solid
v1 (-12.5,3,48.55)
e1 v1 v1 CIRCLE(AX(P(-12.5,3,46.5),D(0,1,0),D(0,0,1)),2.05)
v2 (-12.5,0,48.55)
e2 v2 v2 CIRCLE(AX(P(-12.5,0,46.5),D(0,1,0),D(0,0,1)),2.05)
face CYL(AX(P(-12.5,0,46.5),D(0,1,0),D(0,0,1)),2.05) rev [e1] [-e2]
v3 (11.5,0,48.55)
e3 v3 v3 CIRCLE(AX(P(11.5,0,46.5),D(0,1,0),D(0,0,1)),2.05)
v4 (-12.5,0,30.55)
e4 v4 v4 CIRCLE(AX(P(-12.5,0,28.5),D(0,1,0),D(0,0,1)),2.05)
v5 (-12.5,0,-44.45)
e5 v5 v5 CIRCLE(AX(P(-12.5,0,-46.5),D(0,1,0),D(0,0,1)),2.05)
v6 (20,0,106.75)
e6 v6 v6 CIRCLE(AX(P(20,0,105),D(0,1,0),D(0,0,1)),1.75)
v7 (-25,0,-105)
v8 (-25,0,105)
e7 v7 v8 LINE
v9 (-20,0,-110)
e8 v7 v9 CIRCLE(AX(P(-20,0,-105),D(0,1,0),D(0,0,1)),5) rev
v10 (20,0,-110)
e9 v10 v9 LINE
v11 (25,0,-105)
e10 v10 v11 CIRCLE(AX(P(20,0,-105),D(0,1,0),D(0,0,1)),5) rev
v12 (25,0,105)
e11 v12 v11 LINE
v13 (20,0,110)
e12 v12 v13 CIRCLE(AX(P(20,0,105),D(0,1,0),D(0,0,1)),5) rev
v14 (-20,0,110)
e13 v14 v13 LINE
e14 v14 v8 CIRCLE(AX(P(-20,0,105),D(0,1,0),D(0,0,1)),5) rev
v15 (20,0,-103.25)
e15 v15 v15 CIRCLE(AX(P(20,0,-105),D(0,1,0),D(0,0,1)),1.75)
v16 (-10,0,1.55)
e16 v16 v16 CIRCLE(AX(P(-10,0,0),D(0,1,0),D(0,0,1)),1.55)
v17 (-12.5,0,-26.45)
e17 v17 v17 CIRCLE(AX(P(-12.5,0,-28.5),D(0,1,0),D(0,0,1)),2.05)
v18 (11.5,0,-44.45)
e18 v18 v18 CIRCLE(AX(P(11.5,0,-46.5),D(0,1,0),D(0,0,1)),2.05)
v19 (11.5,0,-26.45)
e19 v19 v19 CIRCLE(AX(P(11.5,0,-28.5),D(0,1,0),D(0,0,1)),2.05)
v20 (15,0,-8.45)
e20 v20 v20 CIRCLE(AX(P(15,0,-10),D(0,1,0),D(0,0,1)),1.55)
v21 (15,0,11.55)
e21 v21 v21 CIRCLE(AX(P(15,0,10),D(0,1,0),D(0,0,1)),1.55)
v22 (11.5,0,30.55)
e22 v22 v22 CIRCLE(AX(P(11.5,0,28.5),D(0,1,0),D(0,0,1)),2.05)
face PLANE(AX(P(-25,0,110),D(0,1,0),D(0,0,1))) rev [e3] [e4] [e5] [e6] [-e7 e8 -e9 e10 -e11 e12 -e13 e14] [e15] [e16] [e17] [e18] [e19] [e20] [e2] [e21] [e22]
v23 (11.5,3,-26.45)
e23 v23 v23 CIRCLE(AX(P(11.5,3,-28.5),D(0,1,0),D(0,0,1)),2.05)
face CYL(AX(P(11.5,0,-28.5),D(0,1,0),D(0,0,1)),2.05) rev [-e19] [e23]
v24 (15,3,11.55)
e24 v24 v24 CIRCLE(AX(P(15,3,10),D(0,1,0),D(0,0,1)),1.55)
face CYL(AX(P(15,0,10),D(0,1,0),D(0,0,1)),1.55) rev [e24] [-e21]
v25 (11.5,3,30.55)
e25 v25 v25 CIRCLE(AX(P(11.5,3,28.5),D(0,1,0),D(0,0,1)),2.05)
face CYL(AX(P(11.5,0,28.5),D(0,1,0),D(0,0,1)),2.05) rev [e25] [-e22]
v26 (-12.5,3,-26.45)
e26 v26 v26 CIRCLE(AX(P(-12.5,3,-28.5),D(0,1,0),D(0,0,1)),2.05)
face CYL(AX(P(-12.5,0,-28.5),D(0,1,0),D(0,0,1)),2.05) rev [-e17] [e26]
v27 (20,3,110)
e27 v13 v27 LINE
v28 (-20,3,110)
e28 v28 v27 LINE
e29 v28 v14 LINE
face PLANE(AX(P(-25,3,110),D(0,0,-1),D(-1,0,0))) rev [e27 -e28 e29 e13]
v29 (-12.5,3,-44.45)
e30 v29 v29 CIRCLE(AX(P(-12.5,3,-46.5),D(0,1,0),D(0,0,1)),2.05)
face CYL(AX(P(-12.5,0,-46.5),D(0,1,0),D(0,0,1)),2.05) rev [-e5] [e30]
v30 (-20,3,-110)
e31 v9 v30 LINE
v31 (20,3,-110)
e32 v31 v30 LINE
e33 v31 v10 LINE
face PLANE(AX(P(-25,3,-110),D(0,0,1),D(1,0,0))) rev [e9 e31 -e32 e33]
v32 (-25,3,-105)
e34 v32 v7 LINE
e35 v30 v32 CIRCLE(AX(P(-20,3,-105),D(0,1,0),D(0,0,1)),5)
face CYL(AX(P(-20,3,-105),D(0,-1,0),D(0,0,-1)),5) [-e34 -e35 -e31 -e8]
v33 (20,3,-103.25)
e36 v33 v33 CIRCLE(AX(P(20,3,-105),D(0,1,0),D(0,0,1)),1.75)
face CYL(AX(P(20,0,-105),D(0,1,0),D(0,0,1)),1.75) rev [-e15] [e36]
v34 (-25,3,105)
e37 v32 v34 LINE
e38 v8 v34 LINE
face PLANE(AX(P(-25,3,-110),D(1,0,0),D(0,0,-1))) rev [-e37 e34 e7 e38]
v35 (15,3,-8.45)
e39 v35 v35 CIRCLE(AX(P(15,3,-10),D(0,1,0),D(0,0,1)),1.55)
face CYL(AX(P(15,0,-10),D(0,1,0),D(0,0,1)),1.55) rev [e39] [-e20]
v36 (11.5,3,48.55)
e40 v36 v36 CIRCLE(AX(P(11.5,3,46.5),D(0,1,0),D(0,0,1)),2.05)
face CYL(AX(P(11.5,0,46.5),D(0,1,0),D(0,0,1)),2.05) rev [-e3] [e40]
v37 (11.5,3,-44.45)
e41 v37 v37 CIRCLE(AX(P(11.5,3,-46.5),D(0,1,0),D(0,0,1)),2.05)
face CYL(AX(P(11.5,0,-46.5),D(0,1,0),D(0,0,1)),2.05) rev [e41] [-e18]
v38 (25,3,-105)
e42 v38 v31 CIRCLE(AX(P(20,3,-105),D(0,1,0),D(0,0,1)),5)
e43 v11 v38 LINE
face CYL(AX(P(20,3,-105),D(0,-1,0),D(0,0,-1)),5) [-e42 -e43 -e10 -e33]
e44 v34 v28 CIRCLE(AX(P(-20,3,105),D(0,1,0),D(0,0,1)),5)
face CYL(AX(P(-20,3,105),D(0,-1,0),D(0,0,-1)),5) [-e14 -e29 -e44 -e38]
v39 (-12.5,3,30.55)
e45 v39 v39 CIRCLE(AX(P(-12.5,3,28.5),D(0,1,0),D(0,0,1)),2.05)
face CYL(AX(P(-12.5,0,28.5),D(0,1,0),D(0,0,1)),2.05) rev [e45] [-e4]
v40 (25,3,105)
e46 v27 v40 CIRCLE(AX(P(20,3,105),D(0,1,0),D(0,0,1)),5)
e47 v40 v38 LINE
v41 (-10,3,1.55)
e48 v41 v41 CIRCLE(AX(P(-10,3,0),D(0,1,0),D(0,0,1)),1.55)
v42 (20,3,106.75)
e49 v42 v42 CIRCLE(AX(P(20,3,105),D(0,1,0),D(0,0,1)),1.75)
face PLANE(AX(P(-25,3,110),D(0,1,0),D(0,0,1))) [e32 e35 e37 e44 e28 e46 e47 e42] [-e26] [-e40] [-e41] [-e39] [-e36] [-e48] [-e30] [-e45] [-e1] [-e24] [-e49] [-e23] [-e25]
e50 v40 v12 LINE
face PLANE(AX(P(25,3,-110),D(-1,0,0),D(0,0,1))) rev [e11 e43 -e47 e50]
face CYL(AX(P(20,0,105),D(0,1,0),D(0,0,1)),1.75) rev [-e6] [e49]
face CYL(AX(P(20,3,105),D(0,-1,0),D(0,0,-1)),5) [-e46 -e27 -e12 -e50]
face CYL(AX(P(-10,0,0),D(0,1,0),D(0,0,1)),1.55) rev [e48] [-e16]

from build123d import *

# Parameters (mm, degrees)
SKETCH1_W       = 50
SKETCH1_H       = 220
EXTRUDE1_DEPTH  = 3
SKETCH2_R       = 1.75
EXTRUDE2_DEPTH  = 3
SKETCH3_R       = 2.05
EXTRUDE3_DEPTH  = 3
SKETCH4_R       = 1.55
EXTRUDE4_DEPTH  = 3
LPATTERN1_COUNT = 2
LPATTERN1_PITCH = 210
LPATTERN2_COUNT = 2
LPATTERN2_PITCH = 75
FILLET1_R       = 5


with BuildPart() as part:
    # Sketch1 → Extrude1 (new body)
    with BuildSketch(Plane(origin=(0, 0, 0), x_dir=(1, 0, 0), z_dir=(0, 1, 0))):
        Rectangle(SKETCH1_W, SKETCH1_H)
    extrude(amount=EXTRUDE1_DEPTH)

    # Sketch2 → Extrude2 (cut)
    with BuildSketch(Plane(origin=(0, 3, 0), x_dir=(1, 0, 0), z_dir=(0, 1, 0))):
        with Locations(Location((20, 105, 0), (0, 0, 270))):
            Circle(SKETCH2_R)
    extrude2 = extrude(amount=-EXTRUDE2_DEPTH, mode=Mode.SUBTRACT)

    # Sketch3 → Extrude3 (cut)
    with BuildSketch(Plane(origin=(0, 3, 0), x_dir=(1, 0, 0), z_dir=(0, 1, 0))):
        with Locations(Location((-12.5, 46.5, 0), (0, 0, 270))):
            Circle(SKETCH3_R)
        with Locations(Location((11.5, 46.5, 0), (0, 0, 270))):
            Circle(SKETCH3_R)
        with Locations(Location((-12.5, 28.5, 0), (0, 0, 270))):
            Circle(SKETCH3_R)
        with Locations(Location((11.5, 28.5, 0), (0, 0, 270))):
            Circle(SKETCH3_R)
    extrude3 = extrude(amount=-EXTRUDE3_DEPTH, mode=Mode.SUBTRACT)

    # Sketch4 → Extrude4 (cut)
    with BuildSketch(Plane(origin=(0, 3, 0), x_dir=(1, 0, 0), z_dir=(0, 1, 0))):
        with Locations(Location((15, 10, 0), (0, 0, 270))):
            Circle(SKETCH4_R)
        with Locations(Location((15, -10, 0), (0, 0, 270))):
            Circle(SKETCH4_R)
        with Locations(Location((-10, 0, 0), (0, 0, 270))):
            Circle(SKETCH4_R)
    extrude(amount=-EXTRUDE4_DEPTH, mode=Mode.SUBTRACT)

    # LPattern1: Extrude2 ×2
    with Locations(*[(0, 0, i * LPATTERN1_PITCH) for i in range(1, LPATTERN1_COUNT)]):
        add(extrude2, mode=Mode.SUBTRACT)

    # LPattern2: Extrude3 ×2
    with Locations(*[(0, 0, i * LPATTERN2_PITCH) for i in range(1, LPATTERN2_COUNT)]):
        add(extrude3, mode=Mode.SUBTRACT)

    # Fillet1
    fillet1_edges = [part.edges().sort_by_distance(p)[0] for p in [
        (-25, 1.5, -110),
        (25, 1.5, -110),
        (25, 1.5, 110),
        (-25, 1.5, 110),
    ]]
    fillet(fillet1_edges, radius=FILLET1_R)


solid = part.part
